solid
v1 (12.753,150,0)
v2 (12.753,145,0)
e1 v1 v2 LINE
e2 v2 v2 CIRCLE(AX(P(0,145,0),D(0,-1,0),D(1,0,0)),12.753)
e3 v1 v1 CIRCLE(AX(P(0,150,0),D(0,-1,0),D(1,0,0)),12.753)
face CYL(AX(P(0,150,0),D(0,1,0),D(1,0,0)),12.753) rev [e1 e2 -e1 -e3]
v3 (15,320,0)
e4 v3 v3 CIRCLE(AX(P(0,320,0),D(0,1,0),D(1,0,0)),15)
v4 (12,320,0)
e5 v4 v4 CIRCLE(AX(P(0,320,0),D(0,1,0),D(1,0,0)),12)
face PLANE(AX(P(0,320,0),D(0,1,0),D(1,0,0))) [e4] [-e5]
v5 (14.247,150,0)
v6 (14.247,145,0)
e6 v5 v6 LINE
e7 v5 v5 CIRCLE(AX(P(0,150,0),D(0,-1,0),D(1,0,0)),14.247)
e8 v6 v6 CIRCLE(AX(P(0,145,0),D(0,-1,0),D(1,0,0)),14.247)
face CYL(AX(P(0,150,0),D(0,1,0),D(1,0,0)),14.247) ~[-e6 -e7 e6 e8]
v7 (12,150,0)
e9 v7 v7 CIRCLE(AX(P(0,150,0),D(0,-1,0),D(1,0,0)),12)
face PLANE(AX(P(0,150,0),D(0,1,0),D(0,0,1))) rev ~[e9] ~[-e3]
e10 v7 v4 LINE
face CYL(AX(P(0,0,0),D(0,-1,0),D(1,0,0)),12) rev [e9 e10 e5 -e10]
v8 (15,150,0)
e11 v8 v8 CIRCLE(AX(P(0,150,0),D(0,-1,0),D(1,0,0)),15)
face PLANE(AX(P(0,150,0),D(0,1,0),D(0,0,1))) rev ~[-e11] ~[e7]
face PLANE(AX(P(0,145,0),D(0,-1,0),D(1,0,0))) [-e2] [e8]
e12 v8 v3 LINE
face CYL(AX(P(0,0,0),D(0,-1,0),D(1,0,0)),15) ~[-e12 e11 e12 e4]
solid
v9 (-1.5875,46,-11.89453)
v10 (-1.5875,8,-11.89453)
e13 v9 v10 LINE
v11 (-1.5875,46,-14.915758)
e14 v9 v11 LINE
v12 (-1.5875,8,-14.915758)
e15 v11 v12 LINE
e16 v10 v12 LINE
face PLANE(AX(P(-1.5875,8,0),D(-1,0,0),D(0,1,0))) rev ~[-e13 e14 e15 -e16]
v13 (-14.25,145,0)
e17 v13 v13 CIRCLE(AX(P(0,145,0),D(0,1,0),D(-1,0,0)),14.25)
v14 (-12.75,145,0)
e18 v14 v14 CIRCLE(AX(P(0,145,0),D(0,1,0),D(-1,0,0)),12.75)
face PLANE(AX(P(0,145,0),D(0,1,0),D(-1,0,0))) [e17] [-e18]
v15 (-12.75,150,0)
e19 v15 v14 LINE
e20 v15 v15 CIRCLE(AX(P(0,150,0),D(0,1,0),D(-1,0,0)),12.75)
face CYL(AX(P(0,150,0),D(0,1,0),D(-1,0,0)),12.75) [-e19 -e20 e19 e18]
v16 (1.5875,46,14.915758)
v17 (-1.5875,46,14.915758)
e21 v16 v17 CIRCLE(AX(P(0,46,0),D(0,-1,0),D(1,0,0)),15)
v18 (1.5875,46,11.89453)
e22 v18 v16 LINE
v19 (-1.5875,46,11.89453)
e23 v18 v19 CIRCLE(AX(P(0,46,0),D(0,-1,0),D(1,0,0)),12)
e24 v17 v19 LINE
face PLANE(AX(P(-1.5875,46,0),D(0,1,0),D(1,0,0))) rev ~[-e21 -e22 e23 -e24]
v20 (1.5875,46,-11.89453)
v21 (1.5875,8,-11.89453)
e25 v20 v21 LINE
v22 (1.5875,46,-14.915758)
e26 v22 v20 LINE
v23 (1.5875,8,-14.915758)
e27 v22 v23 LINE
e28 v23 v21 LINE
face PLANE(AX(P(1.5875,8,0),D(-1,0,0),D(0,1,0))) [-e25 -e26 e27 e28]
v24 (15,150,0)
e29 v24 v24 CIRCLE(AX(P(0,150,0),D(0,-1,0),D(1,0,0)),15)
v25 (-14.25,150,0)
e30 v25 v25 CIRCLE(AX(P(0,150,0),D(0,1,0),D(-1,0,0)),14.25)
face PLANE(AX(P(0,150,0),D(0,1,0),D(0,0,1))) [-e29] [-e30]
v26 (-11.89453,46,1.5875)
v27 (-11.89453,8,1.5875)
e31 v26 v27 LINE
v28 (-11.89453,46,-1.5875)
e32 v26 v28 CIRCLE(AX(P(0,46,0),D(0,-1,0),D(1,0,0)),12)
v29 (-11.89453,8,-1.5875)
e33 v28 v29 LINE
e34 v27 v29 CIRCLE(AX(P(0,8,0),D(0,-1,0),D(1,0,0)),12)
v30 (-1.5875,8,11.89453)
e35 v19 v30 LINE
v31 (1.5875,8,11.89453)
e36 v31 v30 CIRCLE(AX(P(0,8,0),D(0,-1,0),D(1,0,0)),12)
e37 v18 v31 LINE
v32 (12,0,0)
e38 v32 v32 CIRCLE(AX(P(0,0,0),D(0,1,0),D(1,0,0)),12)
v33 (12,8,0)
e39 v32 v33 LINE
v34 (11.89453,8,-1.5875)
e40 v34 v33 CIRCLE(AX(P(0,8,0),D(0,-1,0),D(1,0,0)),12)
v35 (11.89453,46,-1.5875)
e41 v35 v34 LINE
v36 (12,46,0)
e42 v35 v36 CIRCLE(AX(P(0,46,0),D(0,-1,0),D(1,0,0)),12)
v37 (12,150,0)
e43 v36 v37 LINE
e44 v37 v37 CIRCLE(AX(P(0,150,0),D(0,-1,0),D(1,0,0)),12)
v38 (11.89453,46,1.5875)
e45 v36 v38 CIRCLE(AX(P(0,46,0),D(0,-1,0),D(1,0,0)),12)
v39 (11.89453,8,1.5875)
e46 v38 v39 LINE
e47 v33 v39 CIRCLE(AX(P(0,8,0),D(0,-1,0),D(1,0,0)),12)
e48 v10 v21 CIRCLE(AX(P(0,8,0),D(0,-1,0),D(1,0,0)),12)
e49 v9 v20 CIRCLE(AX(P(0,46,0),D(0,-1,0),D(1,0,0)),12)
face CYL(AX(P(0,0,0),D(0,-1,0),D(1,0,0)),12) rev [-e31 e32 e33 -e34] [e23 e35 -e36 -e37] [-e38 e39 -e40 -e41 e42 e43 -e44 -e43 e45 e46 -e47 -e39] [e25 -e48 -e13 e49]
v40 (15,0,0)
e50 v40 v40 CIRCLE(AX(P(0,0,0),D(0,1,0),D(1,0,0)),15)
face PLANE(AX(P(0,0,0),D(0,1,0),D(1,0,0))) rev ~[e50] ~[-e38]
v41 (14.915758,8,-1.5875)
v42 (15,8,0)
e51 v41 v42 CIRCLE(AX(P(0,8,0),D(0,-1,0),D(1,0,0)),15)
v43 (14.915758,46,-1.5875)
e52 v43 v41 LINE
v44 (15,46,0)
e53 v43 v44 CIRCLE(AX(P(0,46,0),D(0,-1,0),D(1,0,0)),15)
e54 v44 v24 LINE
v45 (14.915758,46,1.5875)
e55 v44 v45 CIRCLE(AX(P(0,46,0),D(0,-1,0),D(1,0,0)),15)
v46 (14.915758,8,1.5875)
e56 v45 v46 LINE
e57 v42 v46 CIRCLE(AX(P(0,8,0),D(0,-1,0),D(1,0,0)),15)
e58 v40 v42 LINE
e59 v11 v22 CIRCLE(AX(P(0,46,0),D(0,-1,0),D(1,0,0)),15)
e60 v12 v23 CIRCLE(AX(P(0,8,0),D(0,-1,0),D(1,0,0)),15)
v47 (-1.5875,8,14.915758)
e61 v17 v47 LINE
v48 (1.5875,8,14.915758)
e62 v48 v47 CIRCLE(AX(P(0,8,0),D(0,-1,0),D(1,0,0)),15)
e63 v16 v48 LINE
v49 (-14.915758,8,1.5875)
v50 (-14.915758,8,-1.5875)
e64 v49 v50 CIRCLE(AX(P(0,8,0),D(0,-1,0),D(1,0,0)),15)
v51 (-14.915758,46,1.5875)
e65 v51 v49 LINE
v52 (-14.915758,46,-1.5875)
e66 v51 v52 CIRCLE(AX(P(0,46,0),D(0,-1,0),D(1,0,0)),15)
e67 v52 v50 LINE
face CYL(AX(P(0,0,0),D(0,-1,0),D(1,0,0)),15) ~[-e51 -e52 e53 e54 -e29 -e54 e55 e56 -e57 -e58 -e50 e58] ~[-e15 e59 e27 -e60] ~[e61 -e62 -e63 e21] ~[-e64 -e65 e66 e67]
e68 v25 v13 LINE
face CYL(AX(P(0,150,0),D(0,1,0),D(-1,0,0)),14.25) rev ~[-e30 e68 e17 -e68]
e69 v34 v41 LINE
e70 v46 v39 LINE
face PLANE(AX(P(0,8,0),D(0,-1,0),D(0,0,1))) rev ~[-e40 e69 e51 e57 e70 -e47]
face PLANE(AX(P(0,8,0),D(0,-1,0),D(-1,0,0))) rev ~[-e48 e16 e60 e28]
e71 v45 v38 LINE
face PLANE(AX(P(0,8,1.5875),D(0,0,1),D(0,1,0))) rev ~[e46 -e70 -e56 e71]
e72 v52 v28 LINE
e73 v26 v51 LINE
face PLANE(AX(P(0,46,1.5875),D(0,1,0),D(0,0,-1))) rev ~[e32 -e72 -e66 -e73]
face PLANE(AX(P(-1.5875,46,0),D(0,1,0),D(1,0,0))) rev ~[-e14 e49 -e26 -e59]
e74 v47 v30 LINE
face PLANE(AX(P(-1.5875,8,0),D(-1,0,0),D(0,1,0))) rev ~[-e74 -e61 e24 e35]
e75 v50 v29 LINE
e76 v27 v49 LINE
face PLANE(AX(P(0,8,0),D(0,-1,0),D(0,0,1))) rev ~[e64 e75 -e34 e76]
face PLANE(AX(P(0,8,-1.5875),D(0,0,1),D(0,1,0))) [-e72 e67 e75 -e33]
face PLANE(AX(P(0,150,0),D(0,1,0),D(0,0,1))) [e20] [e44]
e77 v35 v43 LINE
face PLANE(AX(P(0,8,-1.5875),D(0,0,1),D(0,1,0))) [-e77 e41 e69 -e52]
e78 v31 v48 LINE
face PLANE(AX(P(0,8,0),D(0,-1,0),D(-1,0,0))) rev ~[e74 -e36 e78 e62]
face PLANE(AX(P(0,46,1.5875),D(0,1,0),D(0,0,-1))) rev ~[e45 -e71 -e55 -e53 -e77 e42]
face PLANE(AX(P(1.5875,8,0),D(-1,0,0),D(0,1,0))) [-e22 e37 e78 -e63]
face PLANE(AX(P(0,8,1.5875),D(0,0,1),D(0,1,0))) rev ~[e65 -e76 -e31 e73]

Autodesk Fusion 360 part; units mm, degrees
sketch "Sketch1" plane through (0, 0, 0) normal (0, 1, 0) x (1, 0, 0)
  circle A0 centre (0, 0) radius 12
  circle A1 centre (0, 0) radius 15
  dimension "d2" = 24
  dimension "d4" = 3
extrude "Extrude1" add sketch "Sketch1" along normal blind 320 makes body 1
sketch "Sketch2" plane through (0, 0, 0) normal (1, 0, 0) x (0, 0, -1)
  line L0 (0, 0) -> (0, 8) construction
  line L1 (0, 8) -> (-1.5875, 8)
  line L2 (-1.5875, 8) -> (-1.5875, 46)
  line L3 (-1.5875, 46) -> (0, 46)
  line L4 (0, 8) -> (1.5875, 8)
  line L5 (1.5875, 8) -> (1.5875, 46)
  line L6 (1.5875, 46) -> (0, 46)
  line L7 (0, 46) -> (0, 65) construction
  dimension "d15" = 8
  dimension "d16" = 1.5875
  dimension "d17" = 38
  dimension "d18" = 38
  dimension "d19" = 19
sketch "Sketch3" plane through (0, 0, 0) normal (0, 1, 0) x (1, 0, 0)
sketch "Sketch4" plane through (0, 0, 0) normal (0, 1, 0) x (1, 0, 0)
ref_plane "WorkPlane1" through (0, 70, 0) normal (0, 1, 0) x (0, 0, 1)
sketch "Sketch5" plane through (0, 0, 0) normal (1, 0, 0) x (0, 0, -1)
extrude "Extrude2" cut sketch "Sketch2" along normal blind 19 and the other way blind 18 bodies 1
sketch "Sketch6" plane through (0, 0, 0) normal (0, 1, 0) x (1, 0, 0)
sketch "Sketch7" plane through (0, 0, 0) normal (0, 0, 1) x (1, 0, 0)
  line L0 (0, 0) -> (0, 8) construction
  line L1 (0, 8) -> (1.5875, 8)
  line L2 (1.5875, 8) -> (1.5875, 46)
  line L3 (1.5875, 46) -> (0, 46)
  line L4 (0, 8) -> (-1.5875, 8)
  line L5 (-1.5875, 8) -> (-1.5875, 46)
  line L6 (-1.5875, 46) -> (0, 46)
  line L7 (0, 46) -> (0, 65) construction
  dimension "d24" = 8
  dimension "d25" = 1.5875
  dimension "d26" = 38
  dimension "d27" = 38
  dimension "d28" = 19
extrude "Extrude3" cut sketch "Sketch7" along normal mid plane 36 bodies 1
ref_plane "WorkPlane2" through (0, 150, 0) normal (0, 1, 0) x (0, 0, 1)
split "Split1" by plane through (0, 150, 0) normal (0, 1, 0) bodies 1 makes body 2 at (14.9255, 206.6667, -1.4935)
sketch "Sketch8" plane through (0, 0, 0) normal (0, 0, 1) x (1, 0, 0)
ref_plane "WorkPlane3" through (0, 12.125, 0) normal (0.707107, 0, 0.707107) x (0, 1, 0)
sketch "Sketch9" plane through (0, 12.125, 0) normal (0.707107, 0, 0.707107) x (0, 1, 0)
sketch "Sketch10" plane through (0, 12.125, 0) normal (0.707107, 0, 0.707107) x (0, 1, 0)
sketch "Sketch11" plane through (0, 12.125, 0) normal (0.707107, 0, 0.707107) x (0, 1, 0)
sketch "Sketch12" plane through (0, 12.125, 0) normal (0.707107, 0, 0.707107) x (0, 1, 0)
sketch "Sketch13" plane through (0, 12.125, 0) normal (0.707107, 0, 0.707107) x (0, 1, 0)
sketch "Sketch14" plane through (0, 12.125, 0) normal (0.707107, 0, 0.707107) x (0, 1, 0)
sketch "Sketch15" plane through (0, 150, 0) normal (0, 1, 0) x (-1, 0, 0)
  circle A0 centre (0, 0) radius 12
  circle A1 centre (0, 0) radius 15
  circle A2 centre (0, 0) radius 12.75
  circle A3 centre (0, 0) radius 14.25
  dimension "d33" = 0.75
  dimension "d34" = -0.75
extrude "Extrude4" cut sketch "Sketch15" against normal blind 5 contours A3 bodies 1
sketch "Sketch16" plane through (0, 150, 0) normal (0, -1, 0) x (1, 0, 0)
  circle A0 centre (0, 0) radius 15
  circle A1 centre (0, 0) radius 12
  circle A2 centre (0, 0) radius 12.753
  circle A3 centre (0, 0) radius 14.247
  dimension "d37" = 0.753
  dimension "d38" = -0.753
extrude "Extrude5" add sketch "Sketch16" along normal blind 5 contours A3 bodies 2
copy_body "Body->Comp1" bodies 1 removing the originals makes body 3 in component "Component"
copy_body "Body->Comp2" bodies 2 removing the originals makes body 4 in component "Component'"
component "Component" placed x (1, 0, 0) y (0, 1, 0) z (0, 0, 1) at (0, 0, 0)
component "Component'" placed x (1, 0, 0) y (0, 1, 0) z (0, 0, 1) at (0, 0, 0)
equation "innerDiameter = 24 mm"
equation "thickness = 3 mm"
equation "d4 = thickness"
equation "length = 320 mm"
equation "d6 = length"
equation "finLength = 50 mm"
equation "finWidth = 0.125 in"
equation "d16 = finWidth / 2"
equation "d25 = finWidth / 2"
